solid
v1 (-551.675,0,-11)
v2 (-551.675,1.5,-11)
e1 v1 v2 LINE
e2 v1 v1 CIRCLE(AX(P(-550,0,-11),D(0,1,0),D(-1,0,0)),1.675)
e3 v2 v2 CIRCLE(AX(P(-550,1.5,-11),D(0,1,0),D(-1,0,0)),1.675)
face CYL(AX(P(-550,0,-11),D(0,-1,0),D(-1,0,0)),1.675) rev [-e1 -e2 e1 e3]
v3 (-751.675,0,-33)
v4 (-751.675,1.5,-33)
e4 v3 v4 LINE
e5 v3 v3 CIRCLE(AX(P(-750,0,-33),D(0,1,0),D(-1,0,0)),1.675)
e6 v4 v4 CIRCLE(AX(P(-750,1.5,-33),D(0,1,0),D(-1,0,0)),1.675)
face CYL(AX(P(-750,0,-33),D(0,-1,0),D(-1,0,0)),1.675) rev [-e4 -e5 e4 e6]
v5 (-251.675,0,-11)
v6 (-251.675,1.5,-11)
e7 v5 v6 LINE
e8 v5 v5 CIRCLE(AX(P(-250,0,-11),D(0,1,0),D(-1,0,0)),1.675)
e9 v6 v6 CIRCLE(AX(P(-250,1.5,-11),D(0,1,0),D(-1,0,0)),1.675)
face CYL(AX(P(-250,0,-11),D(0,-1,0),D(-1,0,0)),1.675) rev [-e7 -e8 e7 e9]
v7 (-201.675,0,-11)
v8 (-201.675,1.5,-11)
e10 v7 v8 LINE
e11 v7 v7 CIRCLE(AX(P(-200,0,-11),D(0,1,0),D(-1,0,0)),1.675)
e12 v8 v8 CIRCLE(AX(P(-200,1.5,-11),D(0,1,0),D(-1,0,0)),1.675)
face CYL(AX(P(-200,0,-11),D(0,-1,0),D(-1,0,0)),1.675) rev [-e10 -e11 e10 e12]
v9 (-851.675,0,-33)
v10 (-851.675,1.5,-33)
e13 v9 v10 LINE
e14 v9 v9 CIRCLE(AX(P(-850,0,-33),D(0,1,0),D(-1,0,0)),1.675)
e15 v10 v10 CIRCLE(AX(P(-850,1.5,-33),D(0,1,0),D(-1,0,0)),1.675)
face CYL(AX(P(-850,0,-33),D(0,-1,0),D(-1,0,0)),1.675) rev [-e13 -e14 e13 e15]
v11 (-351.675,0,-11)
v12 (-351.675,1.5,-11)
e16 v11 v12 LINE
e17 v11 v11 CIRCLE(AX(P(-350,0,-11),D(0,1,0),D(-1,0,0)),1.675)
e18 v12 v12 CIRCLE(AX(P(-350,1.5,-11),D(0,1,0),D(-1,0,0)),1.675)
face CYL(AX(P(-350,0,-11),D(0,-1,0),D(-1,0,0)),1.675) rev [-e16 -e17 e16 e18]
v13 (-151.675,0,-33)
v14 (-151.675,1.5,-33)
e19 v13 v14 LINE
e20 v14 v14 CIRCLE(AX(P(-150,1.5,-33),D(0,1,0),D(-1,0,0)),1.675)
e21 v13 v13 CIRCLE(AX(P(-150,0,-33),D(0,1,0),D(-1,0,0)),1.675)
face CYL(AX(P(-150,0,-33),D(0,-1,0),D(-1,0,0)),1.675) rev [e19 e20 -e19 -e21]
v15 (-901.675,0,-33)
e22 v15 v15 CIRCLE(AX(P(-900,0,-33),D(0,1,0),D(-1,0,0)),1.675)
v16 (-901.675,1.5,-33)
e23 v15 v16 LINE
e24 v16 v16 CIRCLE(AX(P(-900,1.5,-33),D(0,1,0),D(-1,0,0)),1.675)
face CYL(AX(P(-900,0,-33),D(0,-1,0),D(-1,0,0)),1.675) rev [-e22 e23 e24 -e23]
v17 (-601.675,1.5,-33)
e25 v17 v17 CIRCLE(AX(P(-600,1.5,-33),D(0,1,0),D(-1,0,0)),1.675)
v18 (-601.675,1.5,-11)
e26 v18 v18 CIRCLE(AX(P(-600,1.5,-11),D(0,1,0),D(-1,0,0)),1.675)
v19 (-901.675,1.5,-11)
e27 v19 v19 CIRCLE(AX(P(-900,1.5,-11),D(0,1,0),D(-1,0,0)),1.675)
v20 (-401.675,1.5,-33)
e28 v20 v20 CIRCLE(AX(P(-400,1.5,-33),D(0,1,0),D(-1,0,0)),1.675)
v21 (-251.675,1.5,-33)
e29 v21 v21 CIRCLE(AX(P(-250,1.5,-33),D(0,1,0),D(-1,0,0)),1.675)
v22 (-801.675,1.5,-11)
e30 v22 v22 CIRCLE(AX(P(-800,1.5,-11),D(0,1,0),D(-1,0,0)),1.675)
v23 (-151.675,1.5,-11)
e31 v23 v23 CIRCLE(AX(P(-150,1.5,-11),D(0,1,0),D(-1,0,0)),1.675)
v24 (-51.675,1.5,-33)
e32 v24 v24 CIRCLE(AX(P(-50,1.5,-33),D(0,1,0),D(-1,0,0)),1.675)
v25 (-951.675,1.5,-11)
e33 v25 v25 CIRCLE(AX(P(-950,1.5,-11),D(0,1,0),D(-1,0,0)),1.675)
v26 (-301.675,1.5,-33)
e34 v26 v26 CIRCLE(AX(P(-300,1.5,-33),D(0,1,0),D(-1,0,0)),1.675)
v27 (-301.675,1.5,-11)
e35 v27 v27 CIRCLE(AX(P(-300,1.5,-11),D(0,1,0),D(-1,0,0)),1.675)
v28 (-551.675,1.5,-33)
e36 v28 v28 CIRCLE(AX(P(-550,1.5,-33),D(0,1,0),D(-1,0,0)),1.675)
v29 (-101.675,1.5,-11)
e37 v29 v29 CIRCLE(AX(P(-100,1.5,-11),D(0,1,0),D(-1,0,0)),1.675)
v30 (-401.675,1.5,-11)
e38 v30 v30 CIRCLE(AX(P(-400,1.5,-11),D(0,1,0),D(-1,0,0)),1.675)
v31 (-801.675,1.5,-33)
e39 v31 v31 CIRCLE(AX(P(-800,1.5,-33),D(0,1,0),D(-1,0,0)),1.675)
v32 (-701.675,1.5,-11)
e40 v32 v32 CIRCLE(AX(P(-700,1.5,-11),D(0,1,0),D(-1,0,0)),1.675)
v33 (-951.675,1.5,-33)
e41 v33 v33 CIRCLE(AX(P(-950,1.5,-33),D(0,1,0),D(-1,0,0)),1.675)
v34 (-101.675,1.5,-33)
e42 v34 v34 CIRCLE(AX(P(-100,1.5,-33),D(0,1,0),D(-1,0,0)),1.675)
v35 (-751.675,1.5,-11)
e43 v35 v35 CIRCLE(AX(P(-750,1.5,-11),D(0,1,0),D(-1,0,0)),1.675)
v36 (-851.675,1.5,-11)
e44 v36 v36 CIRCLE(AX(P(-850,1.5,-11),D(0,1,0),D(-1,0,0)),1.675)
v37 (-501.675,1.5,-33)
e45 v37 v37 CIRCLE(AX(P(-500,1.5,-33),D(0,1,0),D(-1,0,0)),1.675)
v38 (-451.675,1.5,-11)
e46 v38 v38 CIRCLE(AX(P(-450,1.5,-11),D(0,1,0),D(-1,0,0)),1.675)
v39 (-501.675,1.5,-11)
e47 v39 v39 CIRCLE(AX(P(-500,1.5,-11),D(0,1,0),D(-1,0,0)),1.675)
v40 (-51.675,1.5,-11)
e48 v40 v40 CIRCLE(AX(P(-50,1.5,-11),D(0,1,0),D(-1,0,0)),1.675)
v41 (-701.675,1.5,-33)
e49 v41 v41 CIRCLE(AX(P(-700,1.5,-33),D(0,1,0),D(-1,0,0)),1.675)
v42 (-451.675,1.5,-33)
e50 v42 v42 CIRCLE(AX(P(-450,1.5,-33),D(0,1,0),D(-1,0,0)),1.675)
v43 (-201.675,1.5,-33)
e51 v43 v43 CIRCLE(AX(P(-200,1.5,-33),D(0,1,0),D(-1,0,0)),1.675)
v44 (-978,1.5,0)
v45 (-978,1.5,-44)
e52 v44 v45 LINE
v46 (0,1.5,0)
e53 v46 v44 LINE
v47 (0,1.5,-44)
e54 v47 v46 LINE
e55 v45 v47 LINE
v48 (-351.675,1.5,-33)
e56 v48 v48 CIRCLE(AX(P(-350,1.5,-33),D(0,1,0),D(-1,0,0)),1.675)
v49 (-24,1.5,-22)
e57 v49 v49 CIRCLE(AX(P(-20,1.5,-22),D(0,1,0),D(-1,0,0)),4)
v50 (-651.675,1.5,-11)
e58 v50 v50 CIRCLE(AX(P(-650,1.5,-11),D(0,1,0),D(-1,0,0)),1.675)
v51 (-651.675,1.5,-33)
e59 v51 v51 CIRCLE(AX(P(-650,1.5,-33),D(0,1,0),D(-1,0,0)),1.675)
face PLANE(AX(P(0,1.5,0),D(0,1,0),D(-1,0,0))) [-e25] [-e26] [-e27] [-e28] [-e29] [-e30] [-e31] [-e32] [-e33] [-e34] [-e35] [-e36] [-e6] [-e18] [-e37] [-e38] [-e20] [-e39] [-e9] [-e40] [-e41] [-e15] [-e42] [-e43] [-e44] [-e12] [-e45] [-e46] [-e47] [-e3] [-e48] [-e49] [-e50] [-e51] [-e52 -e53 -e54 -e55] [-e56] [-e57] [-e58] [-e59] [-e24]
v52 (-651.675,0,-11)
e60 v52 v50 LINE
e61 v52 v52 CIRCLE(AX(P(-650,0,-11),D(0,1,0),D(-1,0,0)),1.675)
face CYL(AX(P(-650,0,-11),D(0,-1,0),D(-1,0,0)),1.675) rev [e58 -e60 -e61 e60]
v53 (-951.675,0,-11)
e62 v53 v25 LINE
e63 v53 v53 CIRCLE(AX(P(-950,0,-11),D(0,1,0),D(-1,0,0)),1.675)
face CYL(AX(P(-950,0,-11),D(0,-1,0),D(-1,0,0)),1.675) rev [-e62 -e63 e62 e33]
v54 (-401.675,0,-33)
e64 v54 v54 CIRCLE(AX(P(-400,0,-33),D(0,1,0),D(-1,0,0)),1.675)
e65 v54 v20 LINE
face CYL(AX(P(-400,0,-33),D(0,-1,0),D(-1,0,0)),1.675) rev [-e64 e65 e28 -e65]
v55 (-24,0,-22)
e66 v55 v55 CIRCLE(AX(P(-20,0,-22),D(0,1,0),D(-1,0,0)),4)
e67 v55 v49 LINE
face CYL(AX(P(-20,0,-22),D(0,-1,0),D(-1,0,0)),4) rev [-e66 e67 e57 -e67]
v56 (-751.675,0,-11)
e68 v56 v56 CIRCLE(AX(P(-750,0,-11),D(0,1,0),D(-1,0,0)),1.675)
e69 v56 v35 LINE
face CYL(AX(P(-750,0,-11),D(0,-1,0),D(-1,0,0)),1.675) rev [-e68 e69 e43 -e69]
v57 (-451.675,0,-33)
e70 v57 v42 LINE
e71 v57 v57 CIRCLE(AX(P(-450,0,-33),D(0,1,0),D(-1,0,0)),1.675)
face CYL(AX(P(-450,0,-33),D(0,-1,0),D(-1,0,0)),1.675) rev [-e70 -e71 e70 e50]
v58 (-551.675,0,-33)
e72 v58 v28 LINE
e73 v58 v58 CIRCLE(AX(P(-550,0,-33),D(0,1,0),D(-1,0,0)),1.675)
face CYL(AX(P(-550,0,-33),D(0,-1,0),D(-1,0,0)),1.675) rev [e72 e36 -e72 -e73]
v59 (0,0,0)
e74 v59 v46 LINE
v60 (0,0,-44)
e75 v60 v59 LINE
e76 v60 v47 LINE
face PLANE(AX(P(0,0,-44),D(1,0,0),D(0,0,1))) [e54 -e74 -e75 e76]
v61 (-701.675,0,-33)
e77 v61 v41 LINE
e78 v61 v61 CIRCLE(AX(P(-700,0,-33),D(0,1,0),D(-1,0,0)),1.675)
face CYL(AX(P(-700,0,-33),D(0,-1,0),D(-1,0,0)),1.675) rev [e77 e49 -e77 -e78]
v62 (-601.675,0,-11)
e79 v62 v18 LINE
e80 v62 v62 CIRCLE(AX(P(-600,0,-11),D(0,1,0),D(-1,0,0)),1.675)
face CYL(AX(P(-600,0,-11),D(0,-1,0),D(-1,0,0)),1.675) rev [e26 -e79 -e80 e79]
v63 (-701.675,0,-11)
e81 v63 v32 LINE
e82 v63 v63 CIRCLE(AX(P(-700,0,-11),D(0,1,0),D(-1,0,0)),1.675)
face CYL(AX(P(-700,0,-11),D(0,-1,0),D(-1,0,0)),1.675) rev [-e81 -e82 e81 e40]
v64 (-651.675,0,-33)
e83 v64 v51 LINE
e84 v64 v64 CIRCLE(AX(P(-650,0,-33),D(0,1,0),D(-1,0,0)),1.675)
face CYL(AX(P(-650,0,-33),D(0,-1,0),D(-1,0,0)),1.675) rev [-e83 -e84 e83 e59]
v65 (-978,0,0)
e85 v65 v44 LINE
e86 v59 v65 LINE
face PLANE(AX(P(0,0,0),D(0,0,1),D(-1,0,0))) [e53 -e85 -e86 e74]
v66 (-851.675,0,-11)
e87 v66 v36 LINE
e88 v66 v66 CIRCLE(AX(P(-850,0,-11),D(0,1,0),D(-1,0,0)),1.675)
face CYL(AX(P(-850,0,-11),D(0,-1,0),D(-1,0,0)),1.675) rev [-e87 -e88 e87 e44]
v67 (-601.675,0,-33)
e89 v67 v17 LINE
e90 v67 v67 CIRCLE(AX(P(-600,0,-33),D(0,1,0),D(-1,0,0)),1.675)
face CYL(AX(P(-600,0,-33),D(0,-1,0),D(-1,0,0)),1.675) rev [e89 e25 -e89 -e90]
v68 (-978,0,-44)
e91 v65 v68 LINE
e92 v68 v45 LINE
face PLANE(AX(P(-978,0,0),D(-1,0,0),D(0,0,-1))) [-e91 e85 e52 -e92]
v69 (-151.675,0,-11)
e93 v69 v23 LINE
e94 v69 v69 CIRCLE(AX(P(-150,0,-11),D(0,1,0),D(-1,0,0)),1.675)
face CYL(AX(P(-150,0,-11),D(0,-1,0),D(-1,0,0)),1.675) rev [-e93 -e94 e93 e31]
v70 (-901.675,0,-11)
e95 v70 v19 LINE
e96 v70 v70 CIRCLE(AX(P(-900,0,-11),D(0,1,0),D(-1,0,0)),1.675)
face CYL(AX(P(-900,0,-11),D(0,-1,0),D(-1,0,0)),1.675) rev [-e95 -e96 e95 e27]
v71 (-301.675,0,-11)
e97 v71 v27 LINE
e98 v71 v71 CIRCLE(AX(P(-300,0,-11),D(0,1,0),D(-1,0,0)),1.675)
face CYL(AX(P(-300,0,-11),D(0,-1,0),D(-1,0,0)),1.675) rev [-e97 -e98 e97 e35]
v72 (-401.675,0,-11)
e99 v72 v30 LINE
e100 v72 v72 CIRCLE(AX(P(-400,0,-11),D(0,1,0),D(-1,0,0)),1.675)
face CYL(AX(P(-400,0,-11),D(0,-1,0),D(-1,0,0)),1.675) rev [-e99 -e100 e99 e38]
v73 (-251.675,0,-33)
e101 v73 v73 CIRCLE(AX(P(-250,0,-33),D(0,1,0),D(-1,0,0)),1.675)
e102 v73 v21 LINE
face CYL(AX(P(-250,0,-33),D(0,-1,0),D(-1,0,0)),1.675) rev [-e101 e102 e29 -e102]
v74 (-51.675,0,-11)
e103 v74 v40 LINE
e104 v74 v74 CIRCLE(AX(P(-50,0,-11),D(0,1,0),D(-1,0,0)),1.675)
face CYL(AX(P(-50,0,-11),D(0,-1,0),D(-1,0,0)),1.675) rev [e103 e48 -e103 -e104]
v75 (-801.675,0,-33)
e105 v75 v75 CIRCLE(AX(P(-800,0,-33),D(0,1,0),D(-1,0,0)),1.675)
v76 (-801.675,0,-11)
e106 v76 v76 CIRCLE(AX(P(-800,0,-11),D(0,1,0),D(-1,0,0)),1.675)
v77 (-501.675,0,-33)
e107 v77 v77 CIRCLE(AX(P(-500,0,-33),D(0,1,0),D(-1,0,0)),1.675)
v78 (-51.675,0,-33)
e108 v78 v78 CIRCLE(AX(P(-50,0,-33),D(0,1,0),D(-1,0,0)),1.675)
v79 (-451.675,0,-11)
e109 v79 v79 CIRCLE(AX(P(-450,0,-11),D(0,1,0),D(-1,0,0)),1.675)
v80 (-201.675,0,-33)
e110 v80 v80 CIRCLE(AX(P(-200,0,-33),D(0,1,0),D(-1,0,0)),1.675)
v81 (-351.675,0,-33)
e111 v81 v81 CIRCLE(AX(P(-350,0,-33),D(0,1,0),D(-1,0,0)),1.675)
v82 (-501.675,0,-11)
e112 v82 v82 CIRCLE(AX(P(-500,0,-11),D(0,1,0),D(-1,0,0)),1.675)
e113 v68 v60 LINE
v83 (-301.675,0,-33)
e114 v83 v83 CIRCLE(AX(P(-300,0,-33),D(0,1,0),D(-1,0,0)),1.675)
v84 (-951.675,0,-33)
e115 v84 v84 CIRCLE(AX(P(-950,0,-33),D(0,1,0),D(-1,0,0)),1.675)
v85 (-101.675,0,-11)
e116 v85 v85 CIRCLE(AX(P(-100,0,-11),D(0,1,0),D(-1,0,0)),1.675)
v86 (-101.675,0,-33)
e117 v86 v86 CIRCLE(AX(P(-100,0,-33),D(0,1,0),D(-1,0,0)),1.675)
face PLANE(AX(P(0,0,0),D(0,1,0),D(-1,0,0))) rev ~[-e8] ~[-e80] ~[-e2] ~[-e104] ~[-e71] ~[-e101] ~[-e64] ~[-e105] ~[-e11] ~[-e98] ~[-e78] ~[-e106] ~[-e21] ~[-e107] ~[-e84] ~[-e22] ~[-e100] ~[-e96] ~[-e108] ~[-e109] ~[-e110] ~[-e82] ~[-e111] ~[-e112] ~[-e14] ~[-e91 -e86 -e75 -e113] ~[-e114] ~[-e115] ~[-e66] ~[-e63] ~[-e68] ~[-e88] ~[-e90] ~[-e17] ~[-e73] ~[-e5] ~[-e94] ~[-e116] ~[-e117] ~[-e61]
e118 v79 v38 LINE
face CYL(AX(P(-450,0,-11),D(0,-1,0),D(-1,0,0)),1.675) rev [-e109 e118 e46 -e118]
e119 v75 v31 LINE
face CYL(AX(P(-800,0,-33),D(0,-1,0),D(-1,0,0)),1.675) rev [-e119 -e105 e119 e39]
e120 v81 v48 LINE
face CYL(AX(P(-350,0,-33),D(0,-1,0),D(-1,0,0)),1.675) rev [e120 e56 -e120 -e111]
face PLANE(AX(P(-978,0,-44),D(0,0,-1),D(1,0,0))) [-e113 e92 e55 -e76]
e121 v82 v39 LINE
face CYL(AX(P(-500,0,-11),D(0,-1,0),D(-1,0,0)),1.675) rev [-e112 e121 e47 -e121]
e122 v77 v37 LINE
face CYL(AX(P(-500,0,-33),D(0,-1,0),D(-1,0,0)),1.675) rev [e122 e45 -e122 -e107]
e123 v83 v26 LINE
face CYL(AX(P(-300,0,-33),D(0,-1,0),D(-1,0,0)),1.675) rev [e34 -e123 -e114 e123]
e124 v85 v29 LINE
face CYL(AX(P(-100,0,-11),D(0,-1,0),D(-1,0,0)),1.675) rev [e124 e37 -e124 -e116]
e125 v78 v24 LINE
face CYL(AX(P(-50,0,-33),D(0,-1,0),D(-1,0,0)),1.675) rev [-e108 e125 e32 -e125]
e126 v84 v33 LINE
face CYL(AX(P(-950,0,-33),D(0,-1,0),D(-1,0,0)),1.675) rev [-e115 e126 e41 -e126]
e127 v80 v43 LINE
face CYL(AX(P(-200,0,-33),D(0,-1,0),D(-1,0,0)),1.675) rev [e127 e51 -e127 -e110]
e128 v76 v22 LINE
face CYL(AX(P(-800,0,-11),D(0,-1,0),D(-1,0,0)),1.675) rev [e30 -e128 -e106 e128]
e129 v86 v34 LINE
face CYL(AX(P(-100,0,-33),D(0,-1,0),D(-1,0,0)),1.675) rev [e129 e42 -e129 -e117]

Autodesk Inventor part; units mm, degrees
ref_plane "YZ Plane" through (0, 0, 0) normal (1, 0, 0) x (0, 1, 0)
ref_plane "XZ Plane" through (0, 0, 0) normal (0, 1, 0) x (-1, 0, 0)
ref_plane "XY Plane" through (0, 0, 0) normal (0, 0, 1) x (1, 0, 0)
sketch "Sketch1" plane through (0, 0, 0) normal (0, 1, 0) x (-1, 0, 0)
  line L0 (0, 0) -> (978, 0)
  line L1 (978, 0) -> (978, -44)
  line L2 (978, -44) -> (0, -44)
  line L3 (0, -44) -> (0, 0)
  circle A0 centre (950, -11) radius 1.675
  circle A1 centre (900, -11) radius 1.675
  circle A2 centre (850, -11) radius 1.675
  circle A3 centre (800, -11) radius 1.675
  circle A4 centre (750, -11) radius 1.675
  circle A5 centre (700, -11) radius 1.675
  circle A6 centre (650, -11) radius 1.675
  circle A7 centre (600, -11) radius 1.675
  circle A8 centre (550, -11) radius 1.675
  circle A9 centre (500, -11) radius 1.675
  circle A10 centre (450, -11) radius 1.675
  circle A11 centre (400, -11) radius 1.675
  circle A12 centre (350, -11) radius 1.675
  circle A13 centre (300, -11) radius 1.675
  circle A14 centre (250, -11) radius 1.675
  circle A15 centre (200, -11) radius 1.675
  circle A16 centre (150, -11) radius 1.675
  circle A17 centre (100, -11) radius 1.675
  circle A18 centre (50, -11) radius 1.675
  circle A19 centre (950, -33) radius 1.675
  circle A20 centre (900, -33) radius 1.675
  circle A21 centre (850, -33) radius 1.675
  circle A22 centre (800, -33) radius 1.675
  circle A23 centre (750, -33) radius 1.675
  circle A24 centre (700, -33) radius 1.675
  circle A25 centre (650, -33) radius 1.675
  circle A26 centre (600, -33) radius 1.675
  circle A27 centre (550, -33) radius 1.675
  circle A28 centre (500, -33) radius 1.675
  circle A29 centre (450, -33) radius 1.675
  circle A30 centre (400, -33) radius 1.675
  circle A31 centre (350, -33) radius 1.675
  circle A32 centre (300, -33) radius 1.675
  circle A33 centre (250, -33) radius 1.675
  circle A34 centre (200, -33) radius 1.675
  circle A35 centre (150, -33) radius 1.675
  circle A36 centre (100, -33) radius 1.675
  circle A37 centre (50, -33) radius 1.675
  circle A38 centre (20, -22) radius 4
  dimension "d0" = 44
  dimension "d1" = 978
  dimension "d2" = 11
  dimension "d3" = 28
  dimension "d4" = 3.35
  dimension "d7" = 50
  dimension "d10" = 22
  dimension "d16" = 8
  dimension "d17" = 20
  dimension "d18" = 22
extrude "Plate4" add sketch "Sketch1" along normal blind 1.5
equation "\"d18\" = 0.5 * d0"
equation "\"d19\" = Thickness"
equation "\"BendRadius\" = Thickness"
equation "\"BendReliefWidth\" = Thickness"
equation "\"BendReliefDepth\" = 0.5 * Thickness"
equation "\"CornerReliefSize\" = 4 * Thickness"
equation "\"MinimumRemnant\" = 2 * Thickness"
equation "\"TransitionRadius\" = BendRadius"
equation "\"JacobiRadiusSize\" = BendRadius"
equation "\"GapSize\" = Thickness"
equation "\"Thickness\" = 1.5"
properties part number "Assembly_plate_beamV3"
